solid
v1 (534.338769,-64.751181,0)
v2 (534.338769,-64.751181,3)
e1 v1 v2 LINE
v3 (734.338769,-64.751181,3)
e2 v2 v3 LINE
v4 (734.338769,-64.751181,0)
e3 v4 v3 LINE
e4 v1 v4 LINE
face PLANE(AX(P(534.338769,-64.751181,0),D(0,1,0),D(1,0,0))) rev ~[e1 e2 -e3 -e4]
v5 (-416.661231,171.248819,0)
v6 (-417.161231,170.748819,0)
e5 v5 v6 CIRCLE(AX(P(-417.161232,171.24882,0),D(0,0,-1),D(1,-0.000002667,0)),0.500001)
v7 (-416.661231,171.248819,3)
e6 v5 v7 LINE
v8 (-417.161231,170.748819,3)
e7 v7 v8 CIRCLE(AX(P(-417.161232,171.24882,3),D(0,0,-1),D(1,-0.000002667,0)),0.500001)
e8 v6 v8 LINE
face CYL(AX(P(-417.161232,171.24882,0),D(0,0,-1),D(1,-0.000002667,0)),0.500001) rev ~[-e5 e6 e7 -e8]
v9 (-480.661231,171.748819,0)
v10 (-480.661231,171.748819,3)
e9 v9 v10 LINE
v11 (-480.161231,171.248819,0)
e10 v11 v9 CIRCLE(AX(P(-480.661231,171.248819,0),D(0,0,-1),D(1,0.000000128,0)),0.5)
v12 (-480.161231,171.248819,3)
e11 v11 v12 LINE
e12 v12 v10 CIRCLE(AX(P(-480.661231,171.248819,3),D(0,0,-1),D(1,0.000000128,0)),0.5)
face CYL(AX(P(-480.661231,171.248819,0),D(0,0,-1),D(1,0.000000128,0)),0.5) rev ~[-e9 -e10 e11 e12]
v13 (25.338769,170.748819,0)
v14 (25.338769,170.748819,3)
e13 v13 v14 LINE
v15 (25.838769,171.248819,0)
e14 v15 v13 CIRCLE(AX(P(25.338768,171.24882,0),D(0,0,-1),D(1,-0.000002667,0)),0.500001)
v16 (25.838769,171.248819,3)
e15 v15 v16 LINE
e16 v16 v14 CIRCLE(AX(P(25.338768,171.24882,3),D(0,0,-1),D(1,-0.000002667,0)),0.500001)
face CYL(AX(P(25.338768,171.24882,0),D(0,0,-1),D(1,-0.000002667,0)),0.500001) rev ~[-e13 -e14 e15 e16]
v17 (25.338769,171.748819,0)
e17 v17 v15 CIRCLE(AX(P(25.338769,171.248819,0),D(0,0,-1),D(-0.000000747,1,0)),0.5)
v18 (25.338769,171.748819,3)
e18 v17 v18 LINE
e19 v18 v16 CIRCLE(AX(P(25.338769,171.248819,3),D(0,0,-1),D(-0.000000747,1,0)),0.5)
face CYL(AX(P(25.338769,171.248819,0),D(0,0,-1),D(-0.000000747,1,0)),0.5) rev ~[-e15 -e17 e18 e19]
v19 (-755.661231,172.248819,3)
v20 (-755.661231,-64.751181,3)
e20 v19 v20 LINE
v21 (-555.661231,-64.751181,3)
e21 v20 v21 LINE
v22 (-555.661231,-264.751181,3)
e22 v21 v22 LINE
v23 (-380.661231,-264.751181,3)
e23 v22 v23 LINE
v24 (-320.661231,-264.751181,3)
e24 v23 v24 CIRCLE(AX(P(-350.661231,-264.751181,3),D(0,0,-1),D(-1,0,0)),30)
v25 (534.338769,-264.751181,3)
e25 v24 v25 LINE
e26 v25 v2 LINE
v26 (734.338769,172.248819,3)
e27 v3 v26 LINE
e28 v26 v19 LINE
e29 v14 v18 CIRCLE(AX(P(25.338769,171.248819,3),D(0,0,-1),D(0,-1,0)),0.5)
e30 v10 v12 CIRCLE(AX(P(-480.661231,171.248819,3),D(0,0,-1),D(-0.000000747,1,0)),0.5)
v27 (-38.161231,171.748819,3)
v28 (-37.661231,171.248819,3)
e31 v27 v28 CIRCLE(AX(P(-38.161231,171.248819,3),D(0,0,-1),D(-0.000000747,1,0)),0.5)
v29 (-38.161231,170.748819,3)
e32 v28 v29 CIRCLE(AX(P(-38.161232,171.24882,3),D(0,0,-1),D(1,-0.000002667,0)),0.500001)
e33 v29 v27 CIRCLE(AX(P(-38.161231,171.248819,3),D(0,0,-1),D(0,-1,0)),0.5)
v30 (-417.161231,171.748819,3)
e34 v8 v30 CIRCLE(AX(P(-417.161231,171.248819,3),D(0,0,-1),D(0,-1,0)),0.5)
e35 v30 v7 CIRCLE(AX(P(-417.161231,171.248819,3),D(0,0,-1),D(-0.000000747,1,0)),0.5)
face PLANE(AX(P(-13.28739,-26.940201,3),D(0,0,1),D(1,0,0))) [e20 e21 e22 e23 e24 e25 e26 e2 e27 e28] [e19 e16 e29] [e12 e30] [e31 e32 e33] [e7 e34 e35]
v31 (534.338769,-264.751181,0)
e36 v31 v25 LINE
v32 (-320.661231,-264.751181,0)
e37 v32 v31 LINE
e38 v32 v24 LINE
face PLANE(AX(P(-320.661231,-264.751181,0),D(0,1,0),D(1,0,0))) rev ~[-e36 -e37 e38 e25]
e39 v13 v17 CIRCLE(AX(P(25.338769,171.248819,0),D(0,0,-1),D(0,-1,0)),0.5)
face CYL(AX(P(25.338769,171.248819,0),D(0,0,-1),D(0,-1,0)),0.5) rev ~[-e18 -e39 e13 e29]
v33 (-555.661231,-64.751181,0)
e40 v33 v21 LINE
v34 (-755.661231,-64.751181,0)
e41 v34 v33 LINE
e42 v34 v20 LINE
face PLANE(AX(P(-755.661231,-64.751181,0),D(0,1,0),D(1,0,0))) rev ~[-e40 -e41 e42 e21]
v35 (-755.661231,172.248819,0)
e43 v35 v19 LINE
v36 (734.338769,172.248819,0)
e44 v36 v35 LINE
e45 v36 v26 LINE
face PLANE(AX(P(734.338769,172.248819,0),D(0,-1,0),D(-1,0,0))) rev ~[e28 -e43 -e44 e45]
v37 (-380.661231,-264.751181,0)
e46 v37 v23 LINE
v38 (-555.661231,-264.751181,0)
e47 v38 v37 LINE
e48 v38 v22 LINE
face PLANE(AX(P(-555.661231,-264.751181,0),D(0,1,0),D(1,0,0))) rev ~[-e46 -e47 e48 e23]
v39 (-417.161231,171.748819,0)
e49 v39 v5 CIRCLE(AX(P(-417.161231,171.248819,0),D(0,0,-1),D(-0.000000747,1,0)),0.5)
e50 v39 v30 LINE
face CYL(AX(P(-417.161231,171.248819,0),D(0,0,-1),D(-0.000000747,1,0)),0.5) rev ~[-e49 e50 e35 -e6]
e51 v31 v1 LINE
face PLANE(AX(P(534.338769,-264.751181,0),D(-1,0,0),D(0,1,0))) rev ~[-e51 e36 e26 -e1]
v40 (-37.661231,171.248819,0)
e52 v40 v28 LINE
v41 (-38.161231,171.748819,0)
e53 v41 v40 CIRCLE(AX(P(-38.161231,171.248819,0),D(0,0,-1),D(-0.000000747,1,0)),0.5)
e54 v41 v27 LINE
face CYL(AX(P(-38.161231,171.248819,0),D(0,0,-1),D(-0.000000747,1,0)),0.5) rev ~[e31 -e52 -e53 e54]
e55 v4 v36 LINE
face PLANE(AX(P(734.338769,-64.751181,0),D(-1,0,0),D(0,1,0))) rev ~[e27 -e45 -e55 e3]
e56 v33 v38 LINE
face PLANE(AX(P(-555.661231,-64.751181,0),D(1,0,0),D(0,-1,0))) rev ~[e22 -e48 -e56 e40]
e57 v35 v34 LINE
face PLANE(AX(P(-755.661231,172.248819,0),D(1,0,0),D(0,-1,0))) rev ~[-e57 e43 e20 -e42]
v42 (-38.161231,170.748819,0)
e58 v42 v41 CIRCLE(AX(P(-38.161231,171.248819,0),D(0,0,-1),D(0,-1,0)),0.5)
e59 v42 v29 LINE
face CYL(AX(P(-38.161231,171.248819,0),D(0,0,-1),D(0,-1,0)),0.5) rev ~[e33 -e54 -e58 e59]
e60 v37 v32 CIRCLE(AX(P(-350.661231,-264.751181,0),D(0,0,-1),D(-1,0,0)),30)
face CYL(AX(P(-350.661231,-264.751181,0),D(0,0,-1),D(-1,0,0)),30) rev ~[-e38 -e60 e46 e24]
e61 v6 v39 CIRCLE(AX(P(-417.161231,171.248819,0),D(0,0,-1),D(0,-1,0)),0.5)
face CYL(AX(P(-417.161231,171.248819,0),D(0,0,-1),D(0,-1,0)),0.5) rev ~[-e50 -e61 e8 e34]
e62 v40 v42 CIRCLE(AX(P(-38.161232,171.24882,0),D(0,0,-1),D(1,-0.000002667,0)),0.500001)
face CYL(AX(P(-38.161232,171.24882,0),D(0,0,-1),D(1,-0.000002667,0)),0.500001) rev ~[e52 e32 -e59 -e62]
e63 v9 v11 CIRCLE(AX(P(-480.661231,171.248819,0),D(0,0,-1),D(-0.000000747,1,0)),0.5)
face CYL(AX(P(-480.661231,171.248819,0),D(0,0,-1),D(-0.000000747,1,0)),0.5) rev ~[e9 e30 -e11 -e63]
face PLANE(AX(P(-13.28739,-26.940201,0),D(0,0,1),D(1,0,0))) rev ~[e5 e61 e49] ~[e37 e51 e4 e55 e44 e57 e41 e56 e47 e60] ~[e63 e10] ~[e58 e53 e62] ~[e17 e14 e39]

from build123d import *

# Parameters (mm, degrees)
F1_DEPTH = 3
F2_DEPTH = 25
F3_DEPTH = 25


with BuildPart() as f1:
    # F0 (on Top) → F1 (new body)
    with BuildSketch(Plane.XY):
        with BuildLine():
            Line((-480.661231, 172.248819), (-755.661231, 172.248819))
            Line((-755.661231, 172.248819), (-755.661231, -64.751181))
            Line((-755.661231, -64.751181), (-555.661231, -64.751181))
            Line((-555.661231, -64.751181), (-555.661231, -264.751181))
            Line((-555.661231, -264.751181), (-380.661231, -264.751181))
            ThreePointArc((-380.661231, -264.751181), (-350.661231, -234.751181), (-320.661231, -264.751181))
            Line((-320.661231, -264.751181), (534.338769, -264.751181))
            Line((534.338769, -264.751181), (534.338769, -64.751181))
            Line((534.338769, -64.751181), (734.338769, -64.751181))
            Line((734.338769, -64.751181), (734.338769, 172.248819))
            Line((734.338769, 172.248819), (25.338769, 172.248819))
            Line((25.338769, 172.248819), (-38.161231, 172.248819))
            Line((-38.161231, 172.248819), (-402.510524, 172.248819))
            Line((-402.510524, 172.248819), (-417.161231, 172.248819))
            Line((-417.161231, 172.248819), (-480.661231, 172.248819))
        make_face()
        with BuildLine():
            ThreePointArc((-480.161231, 171.248819), (-481.014785, 170.895266), (-480.661231, 171.748819))
            ThreePointArc((-480.661231, 171.748819), (-480.307678, 171.602373), (-480.161231, 171.248819))
        make_face(mode=Mode.SUBTRACT)
        with BuildLine():
            ThreePointArc((-417.161231, 170.748819), (-417.661231, 171.248819), (-417.161231, 171.748819))
            ThreePointArc((-417.161231, 171.748819), (-416.807678, 171.602373), (-416.661231, 171.248819))
            ThreePointArc((-416.661231, 171.248819), (-416.807678, 170.895266), (-417.161231, 170.748819))
        make_face(mode=Mode.SUBTRACT)
        with BuildLine():
            ThreePointArc((-38.161231, 170.748819), (-38.661231, 171.248819), (-38.161231, 171.748819))
            ThreePointArc((-38.161231, 171.748819), (-37.807678, 171.602373), (-37.661231, 171.248819))
            ThreePointArc((-37.661231, 171.248819), (-37.807678, 170.895266), (-38.161231, 170.748819))
        make_face(mode=Mode.SUBTRACT)
        with BuildLine():
            ThreePointArc((25.338769, 170.748819), (24.838769, 171.248819), (25.338769, 171.748819))
            ThreePointArc((25.338769, 171.748819), (25.692322, 171.602373), (25.838769, 171.248819))
            ThreePointArc((25.838769, 171.248819), (25.692322, 170.895266), (25.338769, 170.748819))
        make_face(mode=Mode.SUBTRACT)
    extrude(amount=F1_DEPTH)

    # F0 (on Top) → F2 (cut)
    with BuildSketch(Plane.XY):
        with BuildLine():
            ThreePointArc((-480.161231, 171.248819), (-480.307678, 171.602373), (-480.661231, 171.748819))
            ThreePointArc((-480.661231, 171.748819), (-481.014785, 170.895266), (-480.161231, 171.248819))
        make_face()
        with BuildLine():
            Line((-480.661231, 172.248819), (-755.661231, 172.248819))
            Line((-755.661231, 172.248819), (-755.661231, -64.751181))
            Line((-755.661231, -64.751181), (-555.661231, -64.751181))
            Line((-555.661231, -64.751181), (-555.661231, -264.751181))
            Line((-555.661231, -264.751181), (-380.661231, -264.751181))
            ThreePointArc((-380.661231, -264.751181), (-350.661231, -234.751181), (-320.661231, -264.751181))
            Line((-320.661231, -264.751181), (534.338769, -264.751181))
            Line((534.338769, -264.751181), (534.338769, -64.751181))
            Line((534.338769, -64.751181), (734.338769, -64.751181))
            Line((734.338769, -64.751181), (734.338769, 172.248819))
            Line((734.338769, 172.248819), (25.338769, 172.248819))
            Line((25.338769, 172.248819), (-38.161231, 172.248819))
            Line((-38.161231, 172.248819), (-402.510524, 172.248819))
            Line((-402.510524, 172.248819), (-417.161231, 172.248819))
            Line((-417.161231, 172.248819), (-480.661231, 172.248819))
        make_face()
        with BuildLine():
            ThreePointArc((-480.161231, 171.248819), (-481.014785, 170.895266), (-480.661231, 171.748819))
            ThreePointArc((-480.661231, 171.748819), (-480.307678, 171.602373), (-480.161231, 171.248819))
        make_face(mode=Mode.SUBTRACT)
        with BuildLine():
            ThreePointArc((-417.161231, 170.748819), (-417.661231, 171.248819), (-417.161231, 171.748819))
            ThreePointArc((-417.161231, 171.748819), (-416.807678, 171.602373), (-416.661231, 171.248819))
            ThreePointArc((-416.661231, 171.248819), (-416.807678, 170.895266), (-417.161231, 170.748819))
        make_face(mode=Mode.SUBTRACT)
        with BuildLine():
            ThreePointArc((-38.161231, 170.748819), (-38.661231, 171.248819), (-38.161231, 171.748819))
            ThreePointArc((-38.161231, 171.748819), (-37.807678, 171.602373), (-37.661231, 171.248819))
            ThreePointArc((-37.661231, 171.248819), (-37.807678, 170.895266), (-38.161231, 170.748819))
        make_face(mode=Mode.SUBTRACT)
        with BuildLine():
            ThreePointArc((25.338769, 170.748819), (24.838769, 171.248819), (25.338769, 171.748819))
            ThreePointArc((25.338769, 171.748819), (25.692322, 171.602373), (25.838769, 171.248819))
            ThreePointArc((25.838769, 171.248819), (25.692322, 170.895266), (25.338769, 170.748819))
        make_face(mode=Mode.SUBTRACT)
        with BuildLine():
            ThreePointArc((-320.661231, -264.751181), (-350.661231, -234.751181), (-380.661231, -264.751181))
            Line((-380.661231, -264.751181), (-320.661231, -264.751181))
        make_face()
    extrude(amount=-F2_DEPTH, mode=Mode.SUBTRACT)

    # F0 (on Top) → F3 (cut)
    with BuildSketch(Plane.XY):
        with BuildLine():
            ThreePointArc((-480.161231, 171.248819), (-480.307678, 171.602373), (-480.661231, 171.748819))
            ThreePointArc((-480.661231, 171.748819), (-481.014785, 170.895266), (-480.161231, 171.248819))
        make_face()
        with BuildLine():
            Line((-480.661231, 172.248819), (-755.661231, 172.248819))
            Line((-755.661231, 172.248819), (-755.661231, -64.751181))
            Line((-755.661231, -64.751181), (-555.661231, -64.751181))
            Line((-555.661231, -64.751181), (-555.661231, -264.751181))
            Line((-555.661231, -264.751181), (-380.661231, -264.751181))
            ThreePointArc((-380.661231, -264.751181), (-350.661231, -234.751181), (-320.661231, -264.751181))
            Line((-320.661231, -264.751181), (534.338769, -264.751181))
            Line((534.338769, -264.751181), (534.338769, -64.751181))
            Line((534.338769, -64.751181), (734.338769, -64.751181))
            Line((734.338769, -64.751181), (734.338769, 172.248819))
            Line((734.338769, 172.248819), (25.338769, 172.248819))
            Line((25.338769, 172.248819), (-38.161231, 172.248819))
            Line((-38.161231, 172.248819), (-402.510524, 172.248819))
            Line((-402.510524, 172.248819), (-417.161231, 172.248819))
            Line((-417.161231, 172.248819), (-480.661231, 172.248819))
        make_face()
        with BuildLine():
            ThreePointArc((-480.161231, 171.248819), (-481.014785, 170.895266), (-480.661231, 171.748819))
            ThreePointArc((-480.661231, 171.748819), (-480.307678, 171.602373), (-480.161231, 171.248819))
        make_face(mode=Mode.SUBTRACT)
        with BuildLine():
            ThreePointArc((-417.161231, 170.748819), (-417.661231, 171.248819), (-417.161231, 171.748819))
            ThreePointArc((-417.161231, 171.748819), (-416.807678, 171.602373), (-416.661231, 171.248819))
            ThreePointArc((-416.661231, 171.248819), (-416.807678, 170.895266), (-417.161231, 170.748819))
        make_face(mode=Mode.SUBTRACT)
        with BuildLine():
            ThreePointArc((-38.161231, 170.748819), (-38.661231, 171.248819), (-38.161231, 171.748819))
            ThreePointArc((-38.161231, 171.748819), (-37.807678, 171.602373), (-37.661231, 171.248819))
            ThreePointArc((-37.661231, 171.248819), (-37.807678, 170.895266), (-38.161231, 170.748819))
        make_face(mode=Mode.SUBTRACT)
        with BuildLine():
            ThreePointArc((25.338769, 170.748819), (24.838769, 171.248819), (25.338769, 171.748819))
            ThreePointArc((25.338769, 171.748819), (25.692322, 171.602373), (25.838769, 171.248819))
            ThreePointArc((25.838769, 171.248819), (25.692322, 170.895266), (25.338769, 170.748819))
        make_face(mode=Mode.SUBTRACT)
        with BuildLine():
            ThreePointArc((-320.661231, -264.751181), (-350.661231, -234.751181), (-380.661231, -264.751181))
            Line((-380.661231, -264.751181), (-320.661231, -264.751181))
        make_face()
    extrude(amount=-F3_DEPTH, mode=Mode.SUBTRACT)


solid = f1.part
